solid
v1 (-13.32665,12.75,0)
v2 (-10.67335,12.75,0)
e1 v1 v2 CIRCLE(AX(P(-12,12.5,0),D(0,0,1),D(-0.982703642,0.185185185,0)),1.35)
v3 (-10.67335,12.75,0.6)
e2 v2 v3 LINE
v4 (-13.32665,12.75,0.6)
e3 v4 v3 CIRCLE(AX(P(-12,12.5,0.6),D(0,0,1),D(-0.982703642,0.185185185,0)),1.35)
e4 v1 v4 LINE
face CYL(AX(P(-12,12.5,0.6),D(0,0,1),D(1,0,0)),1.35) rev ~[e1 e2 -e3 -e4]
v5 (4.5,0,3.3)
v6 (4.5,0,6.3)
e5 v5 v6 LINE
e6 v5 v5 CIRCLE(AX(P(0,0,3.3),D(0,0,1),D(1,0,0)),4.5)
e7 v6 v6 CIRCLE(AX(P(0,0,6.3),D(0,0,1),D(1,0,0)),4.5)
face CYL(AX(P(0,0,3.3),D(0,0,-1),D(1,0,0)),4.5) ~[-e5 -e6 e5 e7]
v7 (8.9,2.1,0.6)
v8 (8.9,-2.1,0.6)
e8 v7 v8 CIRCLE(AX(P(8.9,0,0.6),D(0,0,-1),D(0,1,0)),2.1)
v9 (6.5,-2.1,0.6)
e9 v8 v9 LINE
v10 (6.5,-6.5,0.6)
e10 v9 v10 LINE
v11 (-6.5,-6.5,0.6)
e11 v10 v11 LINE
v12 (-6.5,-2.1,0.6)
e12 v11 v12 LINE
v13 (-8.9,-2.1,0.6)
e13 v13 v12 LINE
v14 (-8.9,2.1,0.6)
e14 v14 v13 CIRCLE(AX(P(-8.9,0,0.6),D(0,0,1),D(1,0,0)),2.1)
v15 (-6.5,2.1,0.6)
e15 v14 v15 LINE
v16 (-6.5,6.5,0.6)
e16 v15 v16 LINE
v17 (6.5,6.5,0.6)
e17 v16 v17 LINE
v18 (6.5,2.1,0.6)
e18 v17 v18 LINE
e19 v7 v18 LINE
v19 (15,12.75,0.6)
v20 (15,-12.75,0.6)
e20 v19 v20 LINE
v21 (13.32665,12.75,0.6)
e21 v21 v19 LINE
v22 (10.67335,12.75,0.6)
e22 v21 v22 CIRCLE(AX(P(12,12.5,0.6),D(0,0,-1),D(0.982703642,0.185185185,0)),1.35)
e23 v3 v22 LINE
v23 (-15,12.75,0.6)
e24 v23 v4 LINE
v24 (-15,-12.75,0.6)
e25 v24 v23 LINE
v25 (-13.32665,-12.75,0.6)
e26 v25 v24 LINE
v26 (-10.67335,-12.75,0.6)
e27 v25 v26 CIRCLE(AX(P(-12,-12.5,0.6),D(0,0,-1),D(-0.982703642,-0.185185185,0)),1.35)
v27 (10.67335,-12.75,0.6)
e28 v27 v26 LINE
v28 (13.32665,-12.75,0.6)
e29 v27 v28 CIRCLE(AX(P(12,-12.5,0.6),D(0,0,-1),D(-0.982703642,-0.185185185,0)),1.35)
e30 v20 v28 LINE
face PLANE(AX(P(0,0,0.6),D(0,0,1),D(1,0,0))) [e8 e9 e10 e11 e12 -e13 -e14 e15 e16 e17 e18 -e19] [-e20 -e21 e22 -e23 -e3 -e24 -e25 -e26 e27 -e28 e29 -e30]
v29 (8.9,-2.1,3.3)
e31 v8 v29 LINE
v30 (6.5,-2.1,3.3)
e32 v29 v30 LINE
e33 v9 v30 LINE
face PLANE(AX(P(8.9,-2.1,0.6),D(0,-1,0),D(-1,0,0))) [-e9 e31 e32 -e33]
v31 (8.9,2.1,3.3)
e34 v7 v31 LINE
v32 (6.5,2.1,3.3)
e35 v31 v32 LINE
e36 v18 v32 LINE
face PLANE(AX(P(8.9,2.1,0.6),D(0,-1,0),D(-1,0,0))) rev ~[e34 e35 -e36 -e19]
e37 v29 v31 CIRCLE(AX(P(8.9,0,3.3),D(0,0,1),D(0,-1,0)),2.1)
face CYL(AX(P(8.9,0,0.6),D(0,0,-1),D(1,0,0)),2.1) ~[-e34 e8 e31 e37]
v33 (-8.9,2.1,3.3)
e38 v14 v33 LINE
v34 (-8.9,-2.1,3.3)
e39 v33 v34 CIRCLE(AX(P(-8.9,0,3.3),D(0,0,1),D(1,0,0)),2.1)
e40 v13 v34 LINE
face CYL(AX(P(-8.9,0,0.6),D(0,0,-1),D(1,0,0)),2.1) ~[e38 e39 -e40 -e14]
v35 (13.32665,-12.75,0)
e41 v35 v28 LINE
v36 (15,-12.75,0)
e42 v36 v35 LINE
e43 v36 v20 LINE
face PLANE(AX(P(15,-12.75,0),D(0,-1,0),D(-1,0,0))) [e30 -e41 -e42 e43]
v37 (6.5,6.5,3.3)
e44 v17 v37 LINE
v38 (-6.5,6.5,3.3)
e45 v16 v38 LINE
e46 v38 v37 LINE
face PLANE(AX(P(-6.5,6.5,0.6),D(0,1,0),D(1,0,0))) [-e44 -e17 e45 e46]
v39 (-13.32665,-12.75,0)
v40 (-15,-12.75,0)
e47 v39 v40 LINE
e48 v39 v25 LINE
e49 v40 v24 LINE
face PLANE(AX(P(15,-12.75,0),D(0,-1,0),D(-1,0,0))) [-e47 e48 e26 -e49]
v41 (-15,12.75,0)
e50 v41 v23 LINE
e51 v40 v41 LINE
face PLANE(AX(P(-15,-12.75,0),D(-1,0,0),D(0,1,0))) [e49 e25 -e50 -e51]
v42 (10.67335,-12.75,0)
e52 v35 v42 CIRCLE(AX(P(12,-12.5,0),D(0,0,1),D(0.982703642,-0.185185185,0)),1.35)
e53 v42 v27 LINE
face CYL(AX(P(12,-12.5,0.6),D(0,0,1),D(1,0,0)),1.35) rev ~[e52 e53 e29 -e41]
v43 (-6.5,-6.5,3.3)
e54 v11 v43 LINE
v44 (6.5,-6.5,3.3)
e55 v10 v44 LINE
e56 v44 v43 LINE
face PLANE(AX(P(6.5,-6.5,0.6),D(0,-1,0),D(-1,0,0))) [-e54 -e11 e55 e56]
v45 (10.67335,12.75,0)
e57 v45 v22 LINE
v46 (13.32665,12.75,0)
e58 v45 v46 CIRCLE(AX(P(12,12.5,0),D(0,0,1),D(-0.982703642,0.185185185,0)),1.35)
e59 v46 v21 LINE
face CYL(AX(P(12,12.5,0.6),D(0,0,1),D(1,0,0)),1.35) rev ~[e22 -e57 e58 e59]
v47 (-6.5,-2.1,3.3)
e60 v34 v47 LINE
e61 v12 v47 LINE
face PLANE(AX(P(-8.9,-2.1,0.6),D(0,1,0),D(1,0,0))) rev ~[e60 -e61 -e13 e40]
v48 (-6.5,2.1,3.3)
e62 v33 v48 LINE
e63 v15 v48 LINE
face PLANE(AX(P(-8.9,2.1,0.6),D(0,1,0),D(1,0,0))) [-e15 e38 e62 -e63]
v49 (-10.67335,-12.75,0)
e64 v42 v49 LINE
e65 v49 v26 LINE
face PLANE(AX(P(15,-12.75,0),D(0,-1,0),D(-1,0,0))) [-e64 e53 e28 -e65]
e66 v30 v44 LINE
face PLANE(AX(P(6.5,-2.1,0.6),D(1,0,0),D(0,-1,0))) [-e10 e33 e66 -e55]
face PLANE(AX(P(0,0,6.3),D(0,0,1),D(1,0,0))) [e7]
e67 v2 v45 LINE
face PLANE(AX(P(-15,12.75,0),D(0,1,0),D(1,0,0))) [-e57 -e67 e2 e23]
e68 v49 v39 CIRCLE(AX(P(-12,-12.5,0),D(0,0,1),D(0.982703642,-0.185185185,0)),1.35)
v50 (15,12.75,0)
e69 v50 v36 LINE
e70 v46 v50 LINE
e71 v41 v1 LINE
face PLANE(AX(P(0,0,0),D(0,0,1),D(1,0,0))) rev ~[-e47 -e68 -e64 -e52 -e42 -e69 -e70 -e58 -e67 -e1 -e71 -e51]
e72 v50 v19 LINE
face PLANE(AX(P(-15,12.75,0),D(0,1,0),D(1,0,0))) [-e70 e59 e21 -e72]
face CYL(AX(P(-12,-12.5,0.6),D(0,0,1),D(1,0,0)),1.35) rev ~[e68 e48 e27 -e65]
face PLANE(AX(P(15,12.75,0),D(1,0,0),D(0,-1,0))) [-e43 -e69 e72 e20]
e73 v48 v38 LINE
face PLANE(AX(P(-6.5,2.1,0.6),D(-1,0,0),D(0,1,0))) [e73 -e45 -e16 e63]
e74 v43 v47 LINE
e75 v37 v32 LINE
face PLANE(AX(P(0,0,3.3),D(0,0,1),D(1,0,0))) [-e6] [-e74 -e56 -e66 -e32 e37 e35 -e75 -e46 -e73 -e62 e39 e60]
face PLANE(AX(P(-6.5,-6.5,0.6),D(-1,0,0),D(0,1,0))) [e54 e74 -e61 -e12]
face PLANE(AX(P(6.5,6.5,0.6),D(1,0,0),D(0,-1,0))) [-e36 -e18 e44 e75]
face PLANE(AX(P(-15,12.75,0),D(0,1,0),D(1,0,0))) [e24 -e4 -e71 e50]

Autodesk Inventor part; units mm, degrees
ref_plane "YZ Plane" through (0, 0, 0) normal (1, 0, 0) x (0, 1, 0)
ref_plane "XZ Plane" through (0, 0, 0) normal (0, 1, 0) x (-1, 0, 0)
ref_plane "XY Plane" through (0, 0, 0) normal (0, 0, 1) x (1, 0, 0)
sketch "스케치1" plane through (0, 0, 0) normal (0, 0, 1) x (1, 0, 0)
  line L0 (-15, 12.75) -> (15, 12.75)
  line L1 (15, 12.75) -> (15, -12.75)
  line L2 (15, -12.75) -> (-15, -12.75)
  line L3 (-15, -12.75) -> (-15, 12.75)
  line L4 (-15, 12.75) -> (15, -12.75) construction
  line L5 (15, 12.75) -> (-15, -12.75) construction
  point P0 (0, 0)
  dimension "d0" = 30
  dimension "d1" = 25.5
extrude "돌출1" add sketch "스케치1" along normal blind 0.6
sketch "스케치2" plane through (0, 0, 0.6) normal (0, 0, 1) x (1, 0, 0)
  line L0 (-12, 12.5) -> (12, 12.5) construction
  line L1 (12, 12.5) -> (12, -12.5) construction
  line L2 (12, -12.5) -> (-12, -12.5) construction
  line L3 (-12, -12.5) -> (-12, 12.5) construction
  line L4 (-12, 12.5) -> (12, -12.5) construction
  line L5 (12, 12.5) -> (-12, -12.5) construction
  circle A0 centre (-12, 12.5) radius 1.35
  line L6 (0, 0) -> (2.9339, 0)
  line L7 (0, 0) -> (0, 3.0969)
  circle A1 centre (12, 12.5) radius 1.35
  circle A2 centre (-12, -12.5) radius 1.35
  circle A3 centre (12, -12.5) radius 1.35
  dimension "d4" = 24
  dimension "d5" = 25
  dimension "d6" = 2.7
extrude "돌출2" cut sketch "스케치2" against normal blind 0.6
sketch "스케치3" plane through (0, 0, 0.6) normal (0, 0, 1) x (1, 0, 0)
  line L0 (-6.5, 6.5) -> (6.5, 6.5)
  line L1 (6.5, 6.5) -> (6.5, -6.5)
  line L2 (6.5, -6.5) -> (-6.5, -6.5)
  line L3 (-6.5, -6.5) -> (-6.5, 6.5)
  line L4 (-6.5, 6.5) -> (6.5, -6.5) construction
  line L5 (6.5, 6.5) -> (-6.5, -6.5) construction
  circle A0 centre (8.9, 0) radius 2.1
  line L6 (8.9, 2.1) -> (6.5, 2.1)
  line L7 (8.9, -2.1) -> (6.5, -2.1)
  line L8 (0, 0) -> (0, 1.8337)
  circle A1 centre (-8.9, 0) radius 2.1
  line L9 (-8.9, 2.1) -> (-6.5, 2.1)
  line L10 (-8.9, -2.1) -> (-6.5, -2.1)
  dimension "d9" = 13
  dimension "d10" = 13
  dimension "d11" = 4.2
  dimension "d12" = 17.8
extrude "돌출3" add sketch "스케치3" along normal blind 2.7
sketch "스케치4" plane through (0, 0, 3.3) normal (0, 0, 1) x (1, 0, 0)
  circle A0 centre (0, 0) radius 4.5
  dimension "d15" = 9
extrude "돌출4" add sketch "스케치4" along normal blind 3
properties part number "카메라"
